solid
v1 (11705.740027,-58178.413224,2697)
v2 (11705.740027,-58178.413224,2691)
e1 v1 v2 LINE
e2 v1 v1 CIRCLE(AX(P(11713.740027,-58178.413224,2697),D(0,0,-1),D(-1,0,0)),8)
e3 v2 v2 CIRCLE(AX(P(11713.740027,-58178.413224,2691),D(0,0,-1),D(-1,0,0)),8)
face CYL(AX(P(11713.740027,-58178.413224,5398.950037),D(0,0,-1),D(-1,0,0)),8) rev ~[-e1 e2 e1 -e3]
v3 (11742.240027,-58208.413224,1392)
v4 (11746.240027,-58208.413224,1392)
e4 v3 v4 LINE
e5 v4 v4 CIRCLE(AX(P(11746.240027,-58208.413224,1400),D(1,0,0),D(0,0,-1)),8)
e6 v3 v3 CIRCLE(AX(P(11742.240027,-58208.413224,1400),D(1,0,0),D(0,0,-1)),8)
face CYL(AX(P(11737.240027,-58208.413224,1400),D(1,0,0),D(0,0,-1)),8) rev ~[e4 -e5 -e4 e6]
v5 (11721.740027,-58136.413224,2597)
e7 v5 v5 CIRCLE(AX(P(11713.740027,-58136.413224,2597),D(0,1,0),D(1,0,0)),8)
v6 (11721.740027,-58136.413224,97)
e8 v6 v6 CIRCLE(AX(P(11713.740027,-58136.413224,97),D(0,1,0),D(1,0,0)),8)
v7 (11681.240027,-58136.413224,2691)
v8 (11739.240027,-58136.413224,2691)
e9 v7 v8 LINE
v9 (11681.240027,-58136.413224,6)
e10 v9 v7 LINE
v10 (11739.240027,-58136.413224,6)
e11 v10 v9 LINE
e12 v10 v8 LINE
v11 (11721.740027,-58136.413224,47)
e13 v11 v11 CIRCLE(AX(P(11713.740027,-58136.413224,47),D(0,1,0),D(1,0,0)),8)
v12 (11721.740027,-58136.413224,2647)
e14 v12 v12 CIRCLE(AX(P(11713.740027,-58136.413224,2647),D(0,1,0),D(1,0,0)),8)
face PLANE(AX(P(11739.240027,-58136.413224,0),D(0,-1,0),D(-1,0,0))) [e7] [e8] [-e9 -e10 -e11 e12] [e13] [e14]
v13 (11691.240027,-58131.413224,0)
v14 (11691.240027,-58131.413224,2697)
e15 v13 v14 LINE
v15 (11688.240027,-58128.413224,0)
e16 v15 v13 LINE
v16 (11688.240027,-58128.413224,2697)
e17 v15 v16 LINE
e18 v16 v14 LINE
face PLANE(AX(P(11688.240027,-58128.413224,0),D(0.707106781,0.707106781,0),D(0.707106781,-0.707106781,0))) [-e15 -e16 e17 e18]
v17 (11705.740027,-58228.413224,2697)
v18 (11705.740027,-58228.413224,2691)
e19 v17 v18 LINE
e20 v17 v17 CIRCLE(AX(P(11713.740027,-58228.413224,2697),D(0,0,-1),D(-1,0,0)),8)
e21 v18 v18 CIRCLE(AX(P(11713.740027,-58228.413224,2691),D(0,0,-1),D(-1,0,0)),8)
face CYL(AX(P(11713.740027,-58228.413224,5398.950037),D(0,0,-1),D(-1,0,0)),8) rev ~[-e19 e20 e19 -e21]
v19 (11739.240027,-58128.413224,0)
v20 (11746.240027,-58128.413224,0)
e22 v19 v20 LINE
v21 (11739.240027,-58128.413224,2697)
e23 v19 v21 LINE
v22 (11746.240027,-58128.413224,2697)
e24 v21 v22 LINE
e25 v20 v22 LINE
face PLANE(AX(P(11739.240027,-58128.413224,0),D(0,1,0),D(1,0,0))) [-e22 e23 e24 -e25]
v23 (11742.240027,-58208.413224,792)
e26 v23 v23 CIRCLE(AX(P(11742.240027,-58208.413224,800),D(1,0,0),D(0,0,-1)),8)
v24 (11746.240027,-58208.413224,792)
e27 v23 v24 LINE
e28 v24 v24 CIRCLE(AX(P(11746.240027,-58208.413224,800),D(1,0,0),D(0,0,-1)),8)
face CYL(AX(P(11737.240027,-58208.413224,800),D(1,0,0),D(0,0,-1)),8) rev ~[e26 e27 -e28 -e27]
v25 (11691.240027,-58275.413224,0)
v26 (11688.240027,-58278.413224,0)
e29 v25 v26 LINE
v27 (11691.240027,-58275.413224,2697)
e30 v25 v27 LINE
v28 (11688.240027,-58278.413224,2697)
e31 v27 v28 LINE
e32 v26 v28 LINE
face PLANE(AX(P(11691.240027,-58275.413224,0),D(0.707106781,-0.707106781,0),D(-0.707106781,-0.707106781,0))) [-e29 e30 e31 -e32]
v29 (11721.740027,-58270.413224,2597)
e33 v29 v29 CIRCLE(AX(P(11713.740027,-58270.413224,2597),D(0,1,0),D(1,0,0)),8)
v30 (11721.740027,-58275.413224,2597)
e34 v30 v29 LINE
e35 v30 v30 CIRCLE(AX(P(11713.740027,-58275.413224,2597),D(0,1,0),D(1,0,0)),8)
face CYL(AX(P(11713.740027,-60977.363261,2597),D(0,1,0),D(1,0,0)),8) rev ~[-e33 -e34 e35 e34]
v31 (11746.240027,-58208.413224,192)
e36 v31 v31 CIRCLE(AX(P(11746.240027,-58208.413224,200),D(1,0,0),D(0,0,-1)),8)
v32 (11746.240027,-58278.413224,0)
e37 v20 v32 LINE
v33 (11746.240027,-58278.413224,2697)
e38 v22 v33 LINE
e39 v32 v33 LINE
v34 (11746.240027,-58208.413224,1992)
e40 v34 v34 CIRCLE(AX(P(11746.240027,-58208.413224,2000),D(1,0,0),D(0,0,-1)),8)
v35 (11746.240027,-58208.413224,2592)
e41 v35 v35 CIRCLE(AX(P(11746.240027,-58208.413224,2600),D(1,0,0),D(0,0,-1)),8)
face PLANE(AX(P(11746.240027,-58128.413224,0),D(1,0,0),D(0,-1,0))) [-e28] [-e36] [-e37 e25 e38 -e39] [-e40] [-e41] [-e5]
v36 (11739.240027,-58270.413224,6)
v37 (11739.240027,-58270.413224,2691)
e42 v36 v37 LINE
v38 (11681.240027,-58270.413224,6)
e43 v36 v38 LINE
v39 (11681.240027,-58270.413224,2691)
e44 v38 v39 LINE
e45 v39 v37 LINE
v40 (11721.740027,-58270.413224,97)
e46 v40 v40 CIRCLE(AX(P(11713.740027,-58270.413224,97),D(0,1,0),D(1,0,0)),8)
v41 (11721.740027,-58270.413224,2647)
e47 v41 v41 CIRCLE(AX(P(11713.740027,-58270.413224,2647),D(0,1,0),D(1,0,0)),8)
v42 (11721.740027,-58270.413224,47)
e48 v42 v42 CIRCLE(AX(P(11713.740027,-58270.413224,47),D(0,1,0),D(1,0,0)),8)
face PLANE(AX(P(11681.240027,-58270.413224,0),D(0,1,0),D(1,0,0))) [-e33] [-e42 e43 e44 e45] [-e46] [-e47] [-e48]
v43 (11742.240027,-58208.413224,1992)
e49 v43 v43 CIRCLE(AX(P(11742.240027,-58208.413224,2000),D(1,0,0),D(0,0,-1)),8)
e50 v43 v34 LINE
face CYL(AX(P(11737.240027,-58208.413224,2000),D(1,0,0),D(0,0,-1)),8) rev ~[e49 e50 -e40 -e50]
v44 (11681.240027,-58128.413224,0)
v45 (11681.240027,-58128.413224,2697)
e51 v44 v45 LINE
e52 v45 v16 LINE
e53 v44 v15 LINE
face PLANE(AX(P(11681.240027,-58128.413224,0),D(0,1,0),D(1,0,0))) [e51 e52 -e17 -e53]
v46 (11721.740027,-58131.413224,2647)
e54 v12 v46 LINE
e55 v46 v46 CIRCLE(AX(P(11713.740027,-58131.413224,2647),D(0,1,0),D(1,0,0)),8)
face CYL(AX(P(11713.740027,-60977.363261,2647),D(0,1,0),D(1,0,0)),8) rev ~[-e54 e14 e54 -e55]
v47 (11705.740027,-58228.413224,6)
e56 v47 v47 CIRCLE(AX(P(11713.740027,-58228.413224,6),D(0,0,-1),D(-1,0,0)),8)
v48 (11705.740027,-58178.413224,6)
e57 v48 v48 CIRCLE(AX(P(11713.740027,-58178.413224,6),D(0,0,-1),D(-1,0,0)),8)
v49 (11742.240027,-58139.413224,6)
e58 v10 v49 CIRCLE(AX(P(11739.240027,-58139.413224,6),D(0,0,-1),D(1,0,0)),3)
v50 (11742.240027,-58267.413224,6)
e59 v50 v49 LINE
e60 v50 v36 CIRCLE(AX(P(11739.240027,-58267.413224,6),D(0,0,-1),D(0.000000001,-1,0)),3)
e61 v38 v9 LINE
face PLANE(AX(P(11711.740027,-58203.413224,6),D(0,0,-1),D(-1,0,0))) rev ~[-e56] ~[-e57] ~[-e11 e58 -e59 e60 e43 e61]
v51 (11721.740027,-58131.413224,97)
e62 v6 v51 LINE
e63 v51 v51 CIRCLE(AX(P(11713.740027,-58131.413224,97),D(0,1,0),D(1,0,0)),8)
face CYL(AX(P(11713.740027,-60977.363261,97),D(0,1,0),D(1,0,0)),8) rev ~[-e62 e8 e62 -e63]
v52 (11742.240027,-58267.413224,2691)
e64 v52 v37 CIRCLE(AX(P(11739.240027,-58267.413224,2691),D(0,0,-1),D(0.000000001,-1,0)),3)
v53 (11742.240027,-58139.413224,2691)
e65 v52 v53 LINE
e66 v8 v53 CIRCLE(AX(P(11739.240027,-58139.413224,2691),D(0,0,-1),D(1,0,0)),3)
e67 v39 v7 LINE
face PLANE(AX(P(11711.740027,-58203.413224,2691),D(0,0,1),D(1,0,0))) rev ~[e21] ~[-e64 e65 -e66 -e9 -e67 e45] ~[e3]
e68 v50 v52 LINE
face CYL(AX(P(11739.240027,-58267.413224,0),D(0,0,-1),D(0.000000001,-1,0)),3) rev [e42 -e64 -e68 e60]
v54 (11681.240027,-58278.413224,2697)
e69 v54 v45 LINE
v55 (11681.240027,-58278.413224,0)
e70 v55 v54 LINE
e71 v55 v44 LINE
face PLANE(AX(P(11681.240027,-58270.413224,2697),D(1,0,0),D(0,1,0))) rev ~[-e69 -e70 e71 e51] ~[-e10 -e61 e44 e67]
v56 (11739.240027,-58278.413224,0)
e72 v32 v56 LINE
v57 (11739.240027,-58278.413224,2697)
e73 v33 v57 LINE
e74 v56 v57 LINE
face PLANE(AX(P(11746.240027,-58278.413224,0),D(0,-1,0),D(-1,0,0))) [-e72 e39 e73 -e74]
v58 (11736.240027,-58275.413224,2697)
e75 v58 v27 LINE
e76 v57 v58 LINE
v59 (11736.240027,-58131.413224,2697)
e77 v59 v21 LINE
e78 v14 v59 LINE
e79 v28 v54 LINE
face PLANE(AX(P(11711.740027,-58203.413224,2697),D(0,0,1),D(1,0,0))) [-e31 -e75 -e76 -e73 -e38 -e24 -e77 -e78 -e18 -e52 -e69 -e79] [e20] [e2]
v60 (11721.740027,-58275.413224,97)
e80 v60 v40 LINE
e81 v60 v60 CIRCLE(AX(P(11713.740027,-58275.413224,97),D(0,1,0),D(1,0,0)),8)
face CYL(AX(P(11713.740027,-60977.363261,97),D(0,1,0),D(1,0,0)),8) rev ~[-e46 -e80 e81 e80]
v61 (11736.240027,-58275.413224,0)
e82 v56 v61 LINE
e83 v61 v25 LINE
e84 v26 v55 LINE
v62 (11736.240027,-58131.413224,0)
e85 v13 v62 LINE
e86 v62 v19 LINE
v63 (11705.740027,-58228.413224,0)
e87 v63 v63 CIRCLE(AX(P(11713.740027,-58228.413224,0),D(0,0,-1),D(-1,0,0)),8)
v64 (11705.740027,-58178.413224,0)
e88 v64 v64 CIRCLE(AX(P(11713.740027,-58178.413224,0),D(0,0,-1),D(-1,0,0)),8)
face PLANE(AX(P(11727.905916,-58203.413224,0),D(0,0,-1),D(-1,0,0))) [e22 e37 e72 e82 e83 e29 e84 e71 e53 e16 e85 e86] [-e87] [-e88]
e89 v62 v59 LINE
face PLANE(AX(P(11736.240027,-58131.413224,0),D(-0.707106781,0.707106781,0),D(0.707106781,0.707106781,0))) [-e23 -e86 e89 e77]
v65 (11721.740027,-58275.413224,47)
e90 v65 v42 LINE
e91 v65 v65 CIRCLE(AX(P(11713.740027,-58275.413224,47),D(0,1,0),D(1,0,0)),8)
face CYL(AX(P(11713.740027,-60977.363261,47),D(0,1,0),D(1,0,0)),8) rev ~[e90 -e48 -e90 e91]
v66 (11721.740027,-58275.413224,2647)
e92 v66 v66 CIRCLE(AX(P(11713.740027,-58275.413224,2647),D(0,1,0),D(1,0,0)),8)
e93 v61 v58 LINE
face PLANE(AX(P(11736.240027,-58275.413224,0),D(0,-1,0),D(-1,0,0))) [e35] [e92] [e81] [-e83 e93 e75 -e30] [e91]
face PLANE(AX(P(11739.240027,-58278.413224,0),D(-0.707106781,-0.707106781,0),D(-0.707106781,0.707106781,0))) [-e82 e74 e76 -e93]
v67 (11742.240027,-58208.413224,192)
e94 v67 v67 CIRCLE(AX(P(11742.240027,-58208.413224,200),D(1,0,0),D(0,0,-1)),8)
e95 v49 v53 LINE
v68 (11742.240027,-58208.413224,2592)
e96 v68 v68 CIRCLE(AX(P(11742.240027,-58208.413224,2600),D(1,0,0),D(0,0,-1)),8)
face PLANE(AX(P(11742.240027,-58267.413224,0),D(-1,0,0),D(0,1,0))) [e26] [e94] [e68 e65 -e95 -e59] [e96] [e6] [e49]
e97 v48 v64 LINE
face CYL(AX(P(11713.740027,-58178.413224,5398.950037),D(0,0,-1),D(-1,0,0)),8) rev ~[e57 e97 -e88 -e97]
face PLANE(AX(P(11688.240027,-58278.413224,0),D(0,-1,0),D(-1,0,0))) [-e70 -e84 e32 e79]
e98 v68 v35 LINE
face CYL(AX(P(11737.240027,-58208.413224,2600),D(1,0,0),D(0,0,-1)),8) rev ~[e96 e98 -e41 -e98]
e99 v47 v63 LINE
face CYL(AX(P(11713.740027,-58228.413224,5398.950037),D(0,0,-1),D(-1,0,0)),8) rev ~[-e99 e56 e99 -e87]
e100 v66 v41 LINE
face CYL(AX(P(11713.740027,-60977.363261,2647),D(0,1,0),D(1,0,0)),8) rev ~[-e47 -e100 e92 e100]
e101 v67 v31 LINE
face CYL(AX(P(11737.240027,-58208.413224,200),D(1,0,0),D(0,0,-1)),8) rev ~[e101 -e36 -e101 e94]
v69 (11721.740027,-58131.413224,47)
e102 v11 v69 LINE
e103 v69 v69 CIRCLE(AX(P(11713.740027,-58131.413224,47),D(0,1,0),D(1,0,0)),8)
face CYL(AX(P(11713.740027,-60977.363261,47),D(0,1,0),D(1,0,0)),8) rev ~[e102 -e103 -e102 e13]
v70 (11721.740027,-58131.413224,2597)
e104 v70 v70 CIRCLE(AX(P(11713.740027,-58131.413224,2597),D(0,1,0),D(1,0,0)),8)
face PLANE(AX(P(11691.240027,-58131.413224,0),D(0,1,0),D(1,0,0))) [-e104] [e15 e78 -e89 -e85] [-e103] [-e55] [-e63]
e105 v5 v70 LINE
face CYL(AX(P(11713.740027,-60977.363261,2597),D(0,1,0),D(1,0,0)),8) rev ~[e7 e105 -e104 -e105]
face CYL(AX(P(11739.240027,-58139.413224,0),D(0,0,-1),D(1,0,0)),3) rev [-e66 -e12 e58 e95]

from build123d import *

# Parameters (mm, degrees)
EXTRUDE_1_DEPTH             = 2697
SKETCH_2_W                  = 61
SKETCH_2_H                  = 134
EXTRUDE_2_DEPTH             = 6
SKETCH_3_W                  = 61
SKETCH_3_H                  = 134
EXTRUDE_3_DEPTH             = 6
HOLE_WIZARD_16_0_16_1_D     = 16
HOLE_WIZARD_16_0_16_1_DEPTH = 5
HOLE_WIZARD_16_0_16_1_TIP   = 4.806884952
HOLE_WIZARD_16_0_16_2_D     = 16
PATTERN_LINEAR_1_COUNT      = 2
PATTERN_LINEAR_1_PITCH      = 50
HOLE_WIZARD_16_0_16_3_D     = 16
HOLE_WIZARD_16_0_16_4_D     = 16
PATTERN_LINEAR_2_COUNT      = 2
PATTERN_LINEAR_2_PITCH      = 50


with BuildPart() as part:
    # Model → 凸台-拉伸1 (new body)
    with BuildSketch(Plane.XY):
        with BuildLine():
            Line((11739.240027423, -58278.413223948), (11736.240027423, -58275.413223948))
            Line((11736.240027423, -58275.413223948), (11691.240027423, -58275.413223948))
            Line((11691.240027423, -58275.413223948), (11688.240027423, -58278.413223948))
            Line((11688.240027423, -58278.413223948), (11681.240027423, -58278.413223948))
            Line((11681.240027423, -58278.413223948), (11681.240027423, -58270.413223948))
            Line((11681.240027423, -58270.413223948), (11739.240027423, -58270.413223948))
            ThreePointArc((11739.240027423, -58270.413223948), (11741.361347766, -58269.534544291), (11742.240027423, -58267.413223948))
            Line((11742.240027423, -58267.413223948), (11742.240027423, -58139.413223948))
            ThreePointArc((11742.240027423, -58139.413223948), (11741.361347766, -58137.291903604), (11739.240027423, -58136.413223948))
            Line((11739.240027423, -58136.413223948), (11681.240027423, -58136.413223948))
            Line((11681.240027423, -58136.413223948), (11681.240027423, -58128.413223948))
            Line((11681.240027423, -58128.413223948), (11688.240027423, -58128.413223948))
            Line((11688.240027423, -58128.413223948), (11691.240027423, -58131.413223948))
            Line((11691.240027423, -58131.413223948), (11736.240027423, -58131.413223948))
            Line((11736.240027423, -58131.413223948), (11739.240027423, -58128.413223948))
            Line((11739.240027423, -58128.413223948), (11746.240027423, -58128.413223948))
            Line((11746.240027423, -58128.413223948), (11746.240027423, -58278.413223948))
            Line((11746.240027423, -58278.413223948), (11739.240027423, -58278.413223948))
        make_face()
    extrude(amount=EXTRUDE_1_DEPTH)

    # 草图2 → 凸台-拉伸2 (add)
    with BuildSketch(Plane.XY.offset(2697)):
        with Locations((11711.740027423, -58203.413223948)):
            Rectangle(SKETCH_2_W, SKETCH_2_H)
    extrude(amount=-EXTRUDE_2_DEPTH)

    # 草图3 → 凸台-拉伸3 (add)
    with BuildSketch(Plane(origin=(0, 0, 0), x_dir=(-1, 0, 0), z_dir=(0, 0, -1))):
        with Locations((-11711.740027423, -58203.413223948)):
            Rectangle(SKETCH_3_W, SKETCH_3_H)
    extrude(amount=-EXTRUDE_3_DEPTH)

    # Ø16.0 (16) 直径孔1
    with Locations(Plane.ZY.offset(-11742.240027423)):
        with Locations((200, -58208.413223948), (800, -58208.413223948), (1400, -58208.413223948), (2000, -58208.413223948), (2600, -58208.413223948)):
            Hole(HOLE_WIZARD_16_0_16_1_D / 2, depth=HOLE_WIZARD_16_0_16_1_DEPTH)
            with Locations((0, 0, -(HOLE_WIZARD_16_0_16_1_DEPTH + HOLE_WIZARD_16_0_16_1_TIP / 2))):  # 118° drill point
                Cone(0, HOLE_WIZARD_16_0_16_1_D / 2, HOLE_WIZARD_16_0_16_1_TIP, mode=Mode.SUBTRACT)

    # Ø16.0 (16) 直径孔2 (through all)
    with Locations(Plane(origin=(0, -58275.413223948, 0), x_dir=(-1, 0, 0), z_dir=(0, -1, 0))):
        with Locations((-11713.740027423, -2647)):
            hole_wizard_16_0_16_2 = Hole(HOLE_WIZARD_16_0_16_2_D / 2)

    # 阵列(线性)1: Ø16.0 (16) 直径孔2 ×2
    with Locations(*[(0, 0, -i * PATTERN_LINEAR_1_PITCH) for i in range(1, PATTERN_LINEAR_1_COUNT)]):
        add(hole_wizard_16_0_16_2, mode=Mode.SUBTRACT)

    # Ø16.0 (16) 直径孔3 (through all)
    with Locations(Plane(origin=(0, -58275.413223948, 0), x_dir=(-1, 0, 0), z_dir=(0, -1, 0))):
        with Locations((-11713.740027423, -47), (-11713.740027423, -97)):
            Hole(HOLE_WIZARD_16_0_16_3_D / 2)

    # Ø16.0 (16) 直径孔4 (through all)
    with Locations(Plane.XY.offset(2697)):
        with Locations((11713.740027423, -58178.413223948)):
            hole_wizard_16_0_16_4 = Hole(HOLE_WIZARD_16_0_16_4_D / 2)

    # 阵列(线性)2: Ø16.0 (16) 直径孔4 ×2
    with Locations(*[(0, -i * PATTERN_LINEAR_2_PITCH, 0) for i in range(1, PATTERN_LINEAR_2_COUNT)]):
        add(hole_wizard_16_0_16_4, mode=Mode.SUBTRACT)


solid = part.part
